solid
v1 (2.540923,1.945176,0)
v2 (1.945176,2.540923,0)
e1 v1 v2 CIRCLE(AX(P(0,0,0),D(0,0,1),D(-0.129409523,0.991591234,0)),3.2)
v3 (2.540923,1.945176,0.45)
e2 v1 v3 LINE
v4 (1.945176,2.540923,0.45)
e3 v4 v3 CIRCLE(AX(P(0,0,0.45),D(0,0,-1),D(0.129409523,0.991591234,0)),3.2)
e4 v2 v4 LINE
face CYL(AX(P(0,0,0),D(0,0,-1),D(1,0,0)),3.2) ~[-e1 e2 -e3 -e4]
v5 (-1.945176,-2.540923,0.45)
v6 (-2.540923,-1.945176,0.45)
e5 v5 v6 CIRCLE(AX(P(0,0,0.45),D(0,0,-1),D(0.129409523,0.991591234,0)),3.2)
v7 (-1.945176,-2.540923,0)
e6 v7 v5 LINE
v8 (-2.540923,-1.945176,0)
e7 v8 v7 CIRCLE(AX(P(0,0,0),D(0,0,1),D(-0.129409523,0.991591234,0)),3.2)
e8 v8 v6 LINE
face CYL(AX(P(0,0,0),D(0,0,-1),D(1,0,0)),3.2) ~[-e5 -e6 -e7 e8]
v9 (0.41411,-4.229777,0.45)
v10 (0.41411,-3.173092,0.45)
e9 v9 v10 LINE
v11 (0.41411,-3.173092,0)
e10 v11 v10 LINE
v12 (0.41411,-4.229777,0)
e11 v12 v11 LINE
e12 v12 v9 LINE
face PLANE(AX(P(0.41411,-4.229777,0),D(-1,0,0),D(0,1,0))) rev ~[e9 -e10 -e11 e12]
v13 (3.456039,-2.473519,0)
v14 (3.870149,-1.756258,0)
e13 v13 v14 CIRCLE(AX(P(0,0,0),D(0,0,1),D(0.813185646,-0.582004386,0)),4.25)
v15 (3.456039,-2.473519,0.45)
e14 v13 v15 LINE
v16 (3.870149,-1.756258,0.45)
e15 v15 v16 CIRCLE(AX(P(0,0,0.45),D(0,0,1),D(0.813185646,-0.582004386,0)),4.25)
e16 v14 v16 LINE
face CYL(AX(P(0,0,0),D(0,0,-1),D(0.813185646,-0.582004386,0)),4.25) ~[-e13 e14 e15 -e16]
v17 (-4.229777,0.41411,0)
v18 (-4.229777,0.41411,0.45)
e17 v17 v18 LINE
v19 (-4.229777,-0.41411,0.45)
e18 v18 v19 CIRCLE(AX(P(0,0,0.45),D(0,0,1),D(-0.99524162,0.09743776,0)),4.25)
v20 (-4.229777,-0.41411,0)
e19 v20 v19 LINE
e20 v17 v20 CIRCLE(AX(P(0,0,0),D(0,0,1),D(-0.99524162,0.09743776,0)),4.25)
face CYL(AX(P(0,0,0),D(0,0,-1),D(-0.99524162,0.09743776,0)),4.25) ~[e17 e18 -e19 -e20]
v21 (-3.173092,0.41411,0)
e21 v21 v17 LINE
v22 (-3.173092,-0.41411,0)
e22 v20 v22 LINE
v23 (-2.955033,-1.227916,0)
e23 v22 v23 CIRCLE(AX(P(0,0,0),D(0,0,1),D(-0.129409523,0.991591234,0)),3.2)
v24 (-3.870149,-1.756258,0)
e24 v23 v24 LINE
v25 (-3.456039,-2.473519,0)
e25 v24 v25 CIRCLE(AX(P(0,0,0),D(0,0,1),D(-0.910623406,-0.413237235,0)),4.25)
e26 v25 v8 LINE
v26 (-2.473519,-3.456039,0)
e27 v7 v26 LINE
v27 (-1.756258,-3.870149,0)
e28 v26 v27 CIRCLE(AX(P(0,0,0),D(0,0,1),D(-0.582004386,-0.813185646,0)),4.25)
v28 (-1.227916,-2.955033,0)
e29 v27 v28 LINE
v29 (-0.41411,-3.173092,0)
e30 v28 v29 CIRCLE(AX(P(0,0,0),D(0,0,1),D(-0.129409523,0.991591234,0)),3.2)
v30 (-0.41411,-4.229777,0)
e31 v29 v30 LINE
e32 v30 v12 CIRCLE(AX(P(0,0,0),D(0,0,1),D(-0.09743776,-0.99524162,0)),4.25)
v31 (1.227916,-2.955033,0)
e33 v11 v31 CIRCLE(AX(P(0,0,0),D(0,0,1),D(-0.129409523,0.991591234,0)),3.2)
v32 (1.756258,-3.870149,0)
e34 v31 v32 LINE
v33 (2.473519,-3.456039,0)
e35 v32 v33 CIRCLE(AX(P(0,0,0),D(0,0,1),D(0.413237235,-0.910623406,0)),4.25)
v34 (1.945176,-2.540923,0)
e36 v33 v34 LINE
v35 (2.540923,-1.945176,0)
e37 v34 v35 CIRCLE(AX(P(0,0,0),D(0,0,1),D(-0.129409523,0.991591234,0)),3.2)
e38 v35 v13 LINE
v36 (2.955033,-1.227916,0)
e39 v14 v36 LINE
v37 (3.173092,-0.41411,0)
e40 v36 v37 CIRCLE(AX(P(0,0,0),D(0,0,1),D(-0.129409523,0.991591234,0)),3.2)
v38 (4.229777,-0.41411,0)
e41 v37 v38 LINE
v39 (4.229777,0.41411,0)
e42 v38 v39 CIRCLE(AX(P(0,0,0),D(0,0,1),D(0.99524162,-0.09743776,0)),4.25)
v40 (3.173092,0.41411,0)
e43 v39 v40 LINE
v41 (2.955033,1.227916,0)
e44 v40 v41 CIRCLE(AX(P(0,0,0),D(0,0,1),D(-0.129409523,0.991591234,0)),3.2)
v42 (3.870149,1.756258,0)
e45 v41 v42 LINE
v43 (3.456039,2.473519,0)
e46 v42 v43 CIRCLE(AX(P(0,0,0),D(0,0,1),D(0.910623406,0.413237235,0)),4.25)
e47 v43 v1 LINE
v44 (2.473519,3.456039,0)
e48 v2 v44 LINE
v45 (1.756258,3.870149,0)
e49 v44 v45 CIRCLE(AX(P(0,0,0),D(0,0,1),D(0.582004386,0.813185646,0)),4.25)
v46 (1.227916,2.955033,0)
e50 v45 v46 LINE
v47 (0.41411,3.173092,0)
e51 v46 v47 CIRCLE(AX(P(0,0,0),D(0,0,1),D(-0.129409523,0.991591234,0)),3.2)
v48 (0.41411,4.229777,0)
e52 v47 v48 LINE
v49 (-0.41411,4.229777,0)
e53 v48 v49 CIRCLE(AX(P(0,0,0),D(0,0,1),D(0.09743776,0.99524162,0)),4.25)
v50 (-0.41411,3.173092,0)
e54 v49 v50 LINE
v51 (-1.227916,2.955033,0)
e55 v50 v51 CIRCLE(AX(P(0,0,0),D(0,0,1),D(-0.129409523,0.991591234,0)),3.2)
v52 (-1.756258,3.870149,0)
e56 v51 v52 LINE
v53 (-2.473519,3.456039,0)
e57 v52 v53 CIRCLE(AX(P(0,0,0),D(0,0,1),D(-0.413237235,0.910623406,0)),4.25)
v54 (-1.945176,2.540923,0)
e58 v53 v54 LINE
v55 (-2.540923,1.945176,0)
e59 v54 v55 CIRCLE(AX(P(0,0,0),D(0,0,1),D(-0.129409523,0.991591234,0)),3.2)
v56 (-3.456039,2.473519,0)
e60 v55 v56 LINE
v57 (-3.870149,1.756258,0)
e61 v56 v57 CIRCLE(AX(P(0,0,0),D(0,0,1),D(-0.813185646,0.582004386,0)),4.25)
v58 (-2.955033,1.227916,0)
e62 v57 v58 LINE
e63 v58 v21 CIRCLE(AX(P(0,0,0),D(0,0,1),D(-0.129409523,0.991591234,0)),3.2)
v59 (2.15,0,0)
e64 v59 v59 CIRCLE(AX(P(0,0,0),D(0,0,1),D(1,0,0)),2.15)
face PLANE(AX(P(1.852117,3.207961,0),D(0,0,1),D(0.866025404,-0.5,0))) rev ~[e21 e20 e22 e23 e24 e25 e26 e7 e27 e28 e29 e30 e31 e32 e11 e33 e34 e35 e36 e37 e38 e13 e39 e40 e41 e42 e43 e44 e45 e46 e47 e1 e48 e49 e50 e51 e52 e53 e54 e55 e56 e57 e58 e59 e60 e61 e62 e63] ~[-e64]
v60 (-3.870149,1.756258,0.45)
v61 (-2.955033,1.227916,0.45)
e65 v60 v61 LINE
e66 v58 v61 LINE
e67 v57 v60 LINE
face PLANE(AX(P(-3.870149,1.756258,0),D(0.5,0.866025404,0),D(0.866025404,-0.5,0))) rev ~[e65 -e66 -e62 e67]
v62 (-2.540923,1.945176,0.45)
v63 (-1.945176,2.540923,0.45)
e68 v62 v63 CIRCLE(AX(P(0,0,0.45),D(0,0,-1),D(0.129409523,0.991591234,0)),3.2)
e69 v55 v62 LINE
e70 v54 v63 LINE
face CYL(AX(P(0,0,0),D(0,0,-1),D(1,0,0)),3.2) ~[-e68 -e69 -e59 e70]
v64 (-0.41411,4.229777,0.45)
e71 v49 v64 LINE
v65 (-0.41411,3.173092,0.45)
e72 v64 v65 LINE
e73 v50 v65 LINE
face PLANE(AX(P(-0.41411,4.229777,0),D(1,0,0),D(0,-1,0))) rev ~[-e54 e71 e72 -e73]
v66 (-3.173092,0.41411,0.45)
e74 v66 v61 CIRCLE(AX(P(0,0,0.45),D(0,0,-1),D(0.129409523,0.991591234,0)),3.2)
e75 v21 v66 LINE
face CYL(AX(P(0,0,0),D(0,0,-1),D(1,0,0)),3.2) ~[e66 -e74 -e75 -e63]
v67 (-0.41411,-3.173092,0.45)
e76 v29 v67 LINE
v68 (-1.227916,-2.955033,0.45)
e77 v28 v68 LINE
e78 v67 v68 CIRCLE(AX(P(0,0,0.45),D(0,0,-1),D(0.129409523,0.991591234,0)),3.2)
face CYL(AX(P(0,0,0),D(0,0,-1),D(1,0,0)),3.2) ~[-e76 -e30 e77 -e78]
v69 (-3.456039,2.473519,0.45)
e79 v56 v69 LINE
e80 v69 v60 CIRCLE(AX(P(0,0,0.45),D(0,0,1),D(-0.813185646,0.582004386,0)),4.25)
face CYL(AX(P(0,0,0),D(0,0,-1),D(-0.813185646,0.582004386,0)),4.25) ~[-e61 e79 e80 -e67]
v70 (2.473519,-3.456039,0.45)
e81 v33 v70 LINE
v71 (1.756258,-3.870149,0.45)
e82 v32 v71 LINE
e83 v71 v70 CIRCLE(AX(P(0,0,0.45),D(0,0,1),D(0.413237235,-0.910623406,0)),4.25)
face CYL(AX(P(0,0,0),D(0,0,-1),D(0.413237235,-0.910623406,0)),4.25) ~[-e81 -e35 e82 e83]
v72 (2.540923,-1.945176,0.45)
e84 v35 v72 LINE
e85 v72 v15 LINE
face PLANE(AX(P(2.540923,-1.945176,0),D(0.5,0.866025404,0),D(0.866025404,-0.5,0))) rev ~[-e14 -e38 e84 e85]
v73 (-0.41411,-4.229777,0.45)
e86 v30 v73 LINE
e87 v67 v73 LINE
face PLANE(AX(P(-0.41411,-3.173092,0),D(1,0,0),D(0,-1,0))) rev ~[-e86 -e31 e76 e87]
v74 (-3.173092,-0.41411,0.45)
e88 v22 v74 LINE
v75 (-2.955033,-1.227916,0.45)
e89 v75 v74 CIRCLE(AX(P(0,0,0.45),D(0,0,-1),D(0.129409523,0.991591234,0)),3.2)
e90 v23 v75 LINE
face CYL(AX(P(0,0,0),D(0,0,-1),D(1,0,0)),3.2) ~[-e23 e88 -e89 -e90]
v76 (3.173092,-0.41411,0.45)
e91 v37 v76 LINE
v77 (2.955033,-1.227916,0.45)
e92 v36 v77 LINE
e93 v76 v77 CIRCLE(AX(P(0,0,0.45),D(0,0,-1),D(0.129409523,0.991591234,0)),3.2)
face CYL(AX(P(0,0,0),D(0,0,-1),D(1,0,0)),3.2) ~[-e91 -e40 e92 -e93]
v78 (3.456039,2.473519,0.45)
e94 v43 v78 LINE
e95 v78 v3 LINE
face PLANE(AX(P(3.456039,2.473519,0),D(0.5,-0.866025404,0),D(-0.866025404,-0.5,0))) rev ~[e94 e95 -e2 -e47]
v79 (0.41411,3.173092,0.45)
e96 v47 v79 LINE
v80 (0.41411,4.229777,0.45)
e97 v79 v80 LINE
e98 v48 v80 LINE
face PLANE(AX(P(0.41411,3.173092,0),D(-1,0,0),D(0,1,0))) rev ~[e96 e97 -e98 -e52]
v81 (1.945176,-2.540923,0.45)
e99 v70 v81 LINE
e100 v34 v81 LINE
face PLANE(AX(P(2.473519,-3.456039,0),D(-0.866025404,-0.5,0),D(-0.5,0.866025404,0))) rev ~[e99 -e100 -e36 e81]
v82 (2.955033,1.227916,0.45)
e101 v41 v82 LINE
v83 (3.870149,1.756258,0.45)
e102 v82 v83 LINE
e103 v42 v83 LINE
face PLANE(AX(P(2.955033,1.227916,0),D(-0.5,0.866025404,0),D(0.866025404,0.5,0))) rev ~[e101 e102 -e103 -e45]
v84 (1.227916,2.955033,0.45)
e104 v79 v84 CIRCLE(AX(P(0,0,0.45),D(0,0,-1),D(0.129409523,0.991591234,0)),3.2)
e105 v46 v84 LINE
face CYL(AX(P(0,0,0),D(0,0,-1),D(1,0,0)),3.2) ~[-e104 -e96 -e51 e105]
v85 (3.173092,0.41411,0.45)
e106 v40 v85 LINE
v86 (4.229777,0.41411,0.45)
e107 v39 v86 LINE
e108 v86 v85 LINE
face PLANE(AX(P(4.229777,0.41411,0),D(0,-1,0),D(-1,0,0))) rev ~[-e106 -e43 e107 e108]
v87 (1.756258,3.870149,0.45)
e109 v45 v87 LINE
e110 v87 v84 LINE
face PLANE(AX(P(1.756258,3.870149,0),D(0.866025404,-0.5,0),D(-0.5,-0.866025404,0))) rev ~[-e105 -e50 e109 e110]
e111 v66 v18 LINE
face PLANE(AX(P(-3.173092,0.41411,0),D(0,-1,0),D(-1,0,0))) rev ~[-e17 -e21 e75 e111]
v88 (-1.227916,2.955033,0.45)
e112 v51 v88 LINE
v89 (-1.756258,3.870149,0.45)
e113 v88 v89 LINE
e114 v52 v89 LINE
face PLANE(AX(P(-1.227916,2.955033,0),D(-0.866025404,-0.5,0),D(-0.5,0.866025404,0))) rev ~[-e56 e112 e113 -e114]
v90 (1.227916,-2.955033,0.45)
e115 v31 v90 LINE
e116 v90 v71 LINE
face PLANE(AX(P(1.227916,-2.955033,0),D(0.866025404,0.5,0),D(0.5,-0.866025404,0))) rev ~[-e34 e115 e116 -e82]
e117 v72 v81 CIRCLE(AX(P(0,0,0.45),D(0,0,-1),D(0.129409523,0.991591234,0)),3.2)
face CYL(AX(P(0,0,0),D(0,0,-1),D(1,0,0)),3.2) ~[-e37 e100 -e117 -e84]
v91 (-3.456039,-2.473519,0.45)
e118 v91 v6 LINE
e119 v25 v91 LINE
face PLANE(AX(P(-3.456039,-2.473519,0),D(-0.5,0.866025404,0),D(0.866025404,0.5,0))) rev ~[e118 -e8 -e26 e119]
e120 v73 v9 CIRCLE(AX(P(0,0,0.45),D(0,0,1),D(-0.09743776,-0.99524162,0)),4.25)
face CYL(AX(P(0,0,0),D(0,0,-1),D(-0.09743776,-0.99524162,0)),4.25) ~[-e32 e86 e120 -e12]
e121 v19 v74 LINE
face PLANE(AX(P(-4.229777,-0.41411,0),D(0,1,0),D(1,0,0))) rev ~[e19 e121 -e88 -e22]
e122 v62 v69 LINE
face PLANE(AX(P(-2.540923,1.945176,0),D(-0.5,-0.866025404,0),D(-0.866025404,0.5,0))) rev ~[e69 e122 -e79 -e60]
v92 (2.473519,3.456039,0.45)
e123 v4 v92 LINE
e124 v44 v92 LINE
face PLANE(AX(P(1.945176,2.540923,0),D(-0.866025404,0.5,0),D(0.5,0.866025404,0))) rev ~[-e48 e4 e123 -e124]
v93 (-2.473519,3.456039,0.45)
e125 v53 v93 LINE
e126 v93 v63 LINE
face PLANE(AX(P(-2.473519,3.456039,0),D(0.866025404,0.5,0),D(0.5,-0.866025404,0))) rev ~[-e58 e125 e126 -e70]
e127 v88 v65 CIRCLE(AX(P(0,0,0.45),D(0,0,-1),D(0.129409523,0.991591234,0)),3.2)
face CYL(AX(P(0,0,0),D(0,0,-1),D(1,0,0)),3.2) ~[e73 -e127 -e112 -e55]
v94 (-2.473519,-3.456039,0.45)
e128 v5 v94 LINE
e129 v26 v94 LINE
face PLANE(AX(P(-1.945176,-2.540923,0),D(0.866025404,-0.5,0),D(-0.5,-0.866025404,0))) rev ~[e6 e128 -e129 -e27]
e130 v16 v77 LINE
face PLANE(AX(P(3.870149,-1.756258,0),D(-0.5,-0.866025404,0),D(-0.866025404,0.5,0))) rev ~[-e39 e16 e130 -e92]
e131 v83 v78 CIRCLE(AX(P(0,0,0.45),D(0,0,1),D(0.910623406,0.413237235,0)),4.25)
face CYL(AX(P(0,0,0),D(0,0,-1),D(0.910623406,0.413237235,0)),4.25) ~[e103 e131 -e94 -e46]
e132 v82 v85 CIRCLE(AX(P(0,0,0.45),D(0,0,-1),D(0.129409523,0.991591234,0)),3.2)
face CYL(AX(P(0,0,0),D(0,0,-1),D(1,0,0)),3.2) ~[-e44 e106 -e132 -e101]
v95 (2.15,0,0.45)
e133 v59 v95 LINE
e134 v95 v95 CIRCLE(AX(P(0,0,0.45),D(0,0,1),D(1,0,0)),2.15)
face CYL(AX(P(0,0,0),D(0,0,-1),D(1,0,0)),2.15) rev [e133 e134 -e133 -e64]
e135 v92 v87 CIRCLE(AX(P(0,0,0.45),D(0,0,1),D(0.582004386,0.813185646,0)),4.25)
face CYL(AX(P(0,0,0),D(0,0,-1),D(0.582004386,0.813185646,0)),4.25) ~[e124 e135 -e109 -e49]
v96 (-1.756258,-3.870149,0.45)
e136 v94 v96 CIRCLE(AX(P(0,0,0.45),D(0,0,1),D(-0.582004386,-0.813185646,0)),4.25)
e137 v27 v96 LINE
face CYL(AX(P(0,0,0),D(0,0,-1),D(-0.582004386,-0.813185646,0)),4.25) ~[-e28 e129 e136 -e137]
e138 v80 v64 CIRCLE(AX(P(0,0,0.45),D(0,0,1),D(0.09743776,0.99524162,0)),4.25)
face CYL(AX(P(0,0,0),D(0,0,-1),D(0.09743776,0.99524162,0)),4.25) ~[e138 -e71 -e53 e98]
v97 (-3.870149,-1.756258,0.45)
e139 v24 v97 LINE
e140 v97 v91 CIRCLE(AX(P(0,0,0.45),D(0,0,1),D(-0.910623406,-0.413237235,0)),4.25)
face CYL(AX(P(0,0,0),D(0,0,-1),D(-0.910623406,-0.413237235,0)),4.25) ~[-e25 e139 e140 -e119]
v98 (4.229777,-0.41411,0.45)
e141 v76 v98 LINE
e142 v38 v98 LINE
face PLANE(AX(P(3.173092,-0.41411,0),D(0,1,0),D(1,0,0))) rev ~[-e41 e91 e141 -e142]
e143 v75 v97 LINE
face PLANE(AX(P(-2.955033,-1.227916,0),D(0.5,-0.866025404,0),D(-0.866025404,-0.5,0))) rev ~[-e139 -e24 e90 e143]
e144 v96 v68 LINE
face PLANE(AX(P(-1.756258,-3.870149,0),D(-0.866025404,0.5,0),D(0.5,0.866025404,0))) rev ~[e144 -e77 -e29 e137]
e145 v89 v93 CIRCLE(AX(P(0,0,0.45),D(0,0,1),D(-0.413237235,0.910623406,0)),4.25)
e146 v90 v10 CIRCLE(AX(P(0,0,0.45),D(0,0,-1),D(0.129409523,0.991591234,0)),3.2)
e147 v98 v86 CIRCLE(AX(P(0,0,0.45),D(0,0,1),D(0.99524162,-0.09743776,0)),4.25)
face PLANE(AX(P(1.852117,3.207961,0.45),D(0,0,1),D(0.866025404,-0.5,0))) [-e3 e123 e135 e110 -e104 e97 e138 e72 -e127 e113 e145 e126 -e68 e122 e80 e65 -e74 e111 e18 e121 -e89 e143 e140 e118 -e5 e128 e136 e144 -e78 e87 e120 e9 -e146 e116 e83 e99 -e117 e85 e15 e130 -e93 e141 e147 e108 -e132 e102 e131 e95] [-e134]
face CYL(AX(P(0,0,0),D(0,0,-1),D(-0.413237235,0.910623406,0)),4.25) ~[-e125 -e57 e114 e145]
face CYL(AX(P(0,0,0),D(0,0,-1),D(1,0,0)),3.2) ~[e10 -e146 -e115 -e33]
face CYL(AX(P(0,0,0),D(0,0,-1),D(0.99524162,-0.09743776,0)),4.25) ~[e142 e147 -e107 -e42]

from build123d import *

# Parameters (mm, degrees)
SKETCH1_R         = 3.2
SKETCH1_R_2       = 2.15
EXTRUDE1_DEPTH    = 0.45
EXTRUDE2_DEPTH    = 0.45
CIRPATTERN1_COUNT = 12


with BuildPart() as part:
    # Sketch1 → Extrude1 (new body)
    with BuildSketch(Plane.XY):
        Circle(SKETCH1_R)
        Circle(SKETCH1_R_2, mode=Mode.SUBTRACT)
    extrude(amount=EXTRUDE1_DEPTH)

    # Sketch2 → Extrude2 (add)
    with BuildSketch(Plane.XY):
        with BuildLine():
            Line((-0.414110472, 4.229776887), (-0.414110472, 3.173091949))
            Line((-0.414110472, 3.173091949), (0.414110472, 3.173091949))
            Line((0.414110472, 3.173091949), (0.414110472, 4.229776887))
            ThreePointArc((0.414110472, 4.229776887), (0, 4.25), (-0.414110472, 4.229776887))
        make_face()
    extrude2 = extrude(amount=EXTRUDE2_DEPTH)

    # CirPattern1: Extrude2 ×12 about axis
    cirpattern1_axis = Axis((0, 0, 0), (0, 0, 1))
    for i in range(1, CIRPATTERN1_COUNT):
        add(extrude2.rotate(cirpattern1_axis, i * 360 / CIRPATTERN1_COUNT))


solid = part.part
